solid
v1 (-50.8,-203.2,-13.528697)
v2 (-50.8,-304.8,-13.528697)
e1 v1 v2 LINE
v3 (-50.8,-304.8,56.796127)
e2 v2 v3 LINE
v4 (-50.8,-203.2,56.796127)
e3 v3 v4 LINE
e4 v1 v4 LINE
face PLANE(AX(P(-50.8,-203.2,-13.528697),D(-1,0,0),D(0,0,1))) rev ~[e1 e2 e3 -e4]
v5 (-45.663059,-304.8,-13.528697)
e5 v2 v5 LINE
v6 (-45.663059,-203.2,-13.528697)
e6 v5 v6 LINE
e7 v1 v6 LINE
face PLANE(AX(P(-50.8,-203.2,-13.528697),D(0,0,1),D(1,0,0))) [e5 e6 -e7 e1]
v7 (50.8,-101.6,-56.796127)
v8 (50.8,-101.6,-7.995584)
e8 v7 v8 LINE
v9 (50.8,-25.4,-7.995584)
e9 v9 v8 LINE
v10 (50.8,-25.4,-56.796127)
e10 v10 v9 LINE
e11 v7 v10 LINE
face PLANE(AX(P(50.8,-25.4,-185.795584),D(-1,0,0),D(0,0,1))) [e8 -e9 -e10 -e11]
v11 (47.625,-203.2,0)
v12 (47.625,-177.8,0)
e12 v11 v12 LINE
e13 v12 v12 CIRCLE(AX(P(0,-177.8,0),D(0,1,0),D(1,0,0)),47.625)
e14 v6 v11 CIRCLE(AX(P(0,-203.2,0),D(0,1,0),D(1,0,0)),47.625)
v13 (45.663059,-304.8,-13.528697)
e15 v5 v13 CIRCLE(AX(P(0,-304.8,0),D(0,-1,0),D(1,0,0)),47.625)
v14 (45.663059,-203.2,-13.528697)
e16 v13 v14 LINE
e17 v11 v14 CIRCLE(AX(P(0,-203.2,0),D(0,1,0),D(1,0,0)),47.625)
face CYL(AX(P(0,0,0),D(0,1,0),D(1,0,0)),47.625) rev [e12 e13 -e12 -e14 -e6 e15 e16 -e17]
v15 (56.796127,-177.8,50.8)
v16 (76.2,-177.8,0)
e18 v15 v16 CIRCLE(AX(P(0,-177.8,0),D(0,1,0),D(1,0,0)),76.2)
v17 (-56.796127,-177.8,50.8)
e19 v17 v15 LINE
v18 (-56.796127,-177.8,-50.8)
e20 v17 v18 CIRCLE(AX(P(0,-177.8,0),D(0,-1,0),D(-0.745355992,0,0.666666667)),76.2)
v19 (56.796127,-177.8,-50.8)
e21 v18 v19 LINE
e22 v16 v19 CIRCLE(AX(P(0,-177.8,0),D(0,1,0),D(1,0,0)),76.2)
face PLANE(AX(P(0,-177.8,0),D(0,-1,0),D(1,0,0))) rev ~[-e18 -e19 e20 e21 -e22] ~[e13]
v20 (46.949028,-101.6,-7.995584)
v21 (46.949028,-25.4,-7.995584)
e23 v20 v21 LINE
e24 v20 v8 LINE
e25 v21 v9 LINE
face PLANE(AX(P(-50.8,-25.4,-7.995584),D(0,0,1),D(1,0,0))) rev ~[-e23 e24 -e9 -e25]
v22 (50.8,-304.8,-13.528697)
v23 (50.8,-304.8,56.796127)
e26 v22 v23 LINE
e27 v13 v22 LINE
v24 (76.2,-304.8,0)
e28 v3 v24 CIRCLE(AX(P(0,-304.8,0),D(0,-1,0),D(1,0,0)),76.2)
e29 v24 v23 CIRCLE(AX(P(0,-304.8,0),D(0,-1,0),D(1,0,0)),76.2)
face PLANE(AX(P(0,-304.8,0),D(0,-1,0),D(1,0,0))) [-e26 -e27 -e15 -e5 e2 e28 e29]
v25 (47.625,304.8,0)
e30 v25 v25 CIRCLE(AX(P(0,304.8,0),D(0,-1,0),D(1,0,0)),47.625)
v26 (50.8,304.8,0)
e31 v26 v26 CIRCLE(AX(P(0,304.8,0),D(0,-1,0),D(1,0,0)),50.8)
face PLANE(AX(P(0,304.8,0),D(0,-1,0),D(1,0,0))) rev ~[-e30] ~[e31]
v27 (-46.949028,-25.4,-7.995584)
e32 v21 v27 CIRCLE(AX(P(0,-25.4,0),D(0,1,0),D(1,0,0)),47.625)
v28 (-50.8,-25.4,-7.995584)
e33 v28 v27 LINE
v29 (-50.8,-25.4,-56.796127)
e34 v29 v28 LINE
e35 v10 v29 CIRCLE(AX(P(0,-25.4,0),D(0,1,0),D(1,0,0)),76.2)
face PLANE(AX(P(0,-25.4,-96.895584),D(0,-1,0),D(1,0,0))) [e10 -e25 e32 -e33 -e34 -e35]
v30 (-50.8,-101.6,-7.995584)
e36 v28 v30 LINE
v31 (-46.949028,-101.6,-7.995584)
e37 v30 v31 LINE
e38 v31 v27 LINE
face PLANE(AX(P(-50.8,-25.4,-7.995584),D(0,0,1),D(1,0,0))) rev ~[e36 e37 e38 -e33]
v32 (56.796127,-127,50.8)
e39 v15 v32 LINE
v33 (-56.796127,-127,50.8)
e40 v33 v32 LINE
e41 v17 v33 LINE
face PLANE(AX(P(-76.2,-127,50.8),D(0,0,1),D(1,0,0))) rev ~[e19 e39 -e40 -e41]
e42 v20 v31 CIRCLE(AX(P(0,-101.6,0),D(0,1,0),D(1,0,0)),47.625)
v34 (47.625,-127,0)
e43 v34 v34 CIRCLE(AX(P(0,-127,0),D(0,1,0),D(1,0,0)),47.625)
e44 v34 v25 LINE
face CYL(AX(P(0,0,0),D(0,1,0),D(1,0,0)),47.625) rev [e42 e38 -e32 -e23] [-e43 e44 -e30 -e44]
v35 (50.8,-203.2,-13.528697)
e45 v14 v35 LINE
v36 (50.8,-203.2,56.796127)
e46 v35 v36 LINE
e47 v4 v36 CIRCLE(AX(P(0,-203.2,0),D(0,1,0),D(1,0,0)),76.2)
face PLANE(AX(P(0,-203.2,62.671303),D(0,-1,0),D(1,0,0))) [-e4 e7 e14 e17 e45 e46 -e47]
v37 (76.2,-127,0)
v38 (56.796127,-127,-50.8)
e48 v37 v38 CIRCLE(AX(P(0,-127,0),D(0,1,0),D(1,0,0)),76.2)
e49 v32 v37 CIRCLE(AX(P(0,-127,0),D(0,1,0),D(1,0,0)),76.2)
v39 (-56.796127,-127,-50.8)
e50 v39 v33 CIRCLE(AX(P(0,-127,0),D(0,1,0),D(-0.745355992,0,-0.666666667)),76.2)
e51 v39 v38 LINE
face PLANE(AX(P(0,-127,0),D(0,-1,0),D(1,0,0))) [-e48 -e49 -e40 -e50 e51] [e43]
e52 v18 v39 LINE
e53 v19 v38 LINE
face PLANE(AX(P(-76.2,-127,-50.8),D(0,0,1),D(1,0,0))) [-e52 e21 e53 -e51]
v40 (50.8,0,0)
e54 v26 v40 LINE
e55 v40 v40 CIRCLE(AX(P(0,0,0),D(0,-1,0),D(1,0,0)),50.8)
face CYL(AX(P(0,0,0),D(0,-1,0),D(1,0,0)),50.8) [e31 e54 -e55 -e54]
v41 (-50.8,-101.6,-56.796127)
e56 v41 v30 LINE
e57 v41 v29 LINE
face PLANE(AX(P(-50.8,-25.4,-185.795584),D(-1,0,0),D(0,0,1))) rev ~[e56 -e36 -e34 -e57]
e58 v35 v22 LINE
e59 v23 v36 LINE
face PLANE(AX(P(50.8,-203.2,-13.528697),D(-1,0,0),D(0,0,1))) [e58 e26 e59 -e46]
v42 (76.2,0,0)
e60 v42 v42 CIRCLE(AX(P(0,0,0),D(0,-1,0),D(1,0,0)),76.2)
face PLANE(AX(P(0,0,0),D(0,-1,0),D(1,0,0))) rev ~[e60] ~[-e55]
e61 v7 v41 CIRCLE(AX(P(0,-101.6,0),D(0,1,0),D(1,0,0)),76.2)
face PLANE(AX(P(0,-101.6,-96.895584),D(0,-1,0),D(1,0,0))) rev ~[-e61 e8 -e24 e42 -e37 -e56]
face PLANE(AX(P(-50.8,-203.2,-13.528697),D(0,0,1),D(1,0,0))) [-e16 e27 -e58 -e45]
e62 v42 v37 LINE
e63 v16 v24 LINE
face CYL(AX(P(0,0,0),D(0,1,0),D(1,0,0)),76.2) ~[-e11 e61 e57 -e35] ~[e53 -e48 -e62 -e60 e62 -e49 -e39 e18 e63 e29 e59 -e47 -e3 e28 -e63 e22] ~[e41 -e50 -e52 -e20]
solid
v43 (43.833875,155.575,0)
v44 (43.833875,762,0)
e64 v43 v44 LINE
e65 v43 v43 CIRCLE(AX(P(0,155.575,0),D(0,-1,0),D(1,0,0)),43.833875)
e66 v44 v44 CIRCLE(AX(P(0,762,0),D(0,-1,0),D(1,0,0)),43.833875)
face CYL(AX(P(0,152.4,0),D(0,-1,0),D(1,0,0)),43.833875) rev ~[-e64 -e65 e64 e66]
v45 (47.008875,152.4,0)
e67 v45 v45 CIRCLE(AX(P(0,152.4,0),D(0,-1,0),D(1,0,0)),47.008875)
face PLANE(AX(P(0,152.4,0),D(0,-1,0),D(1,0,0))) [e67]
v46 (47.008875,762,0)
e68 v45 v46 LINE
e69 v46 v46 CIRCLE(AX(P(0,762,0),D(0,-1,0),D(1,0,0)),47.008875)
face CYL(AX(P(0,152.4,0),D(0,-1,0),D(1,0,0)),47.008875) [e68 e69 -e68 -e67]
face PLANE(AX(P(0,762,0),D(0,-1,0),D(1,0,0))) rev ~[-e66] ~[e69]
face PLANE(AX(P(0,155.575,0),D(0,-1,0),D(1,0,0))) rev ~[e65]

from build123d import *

# Parameters (mm, degrees)
F0_R      = 50.8
F0_R_2    = 47.625
F1_DEPTH  = 304.8
F3_START  = -152.4
F2_R      = 47.0088750141
F2_R_2    = 43.8338750141
F3_DEPTH  = 609.6
F4_START  = -152.4
F4_DEPTH  = 3.175
F5_R      = 76.2
F5_R_2    = 50.8
F6_DEPTH  = 304.8
F8_START  = 127
F7_W      = 152.4
F7_H      = 101.6
F8_DEPTH  = 50.8
F10_START = 203.2
F9_W      = 101.6
F9_H      = 152.4
F10_DEPTH = 101.6
F12_START = 25.4
F11_W     = 101.6
F11_H     = 177.8
F12_DEPTH = 76.2


with BuildPart() as f1:
    # F0 (on Front) → F1 (new body, symmetric)
    with BuildSketch(Plane.XZ):
        Circle(F0_R)
        Circle(F0_R_2, mode=Mode.SUBTRACT)
    extrude(amount=F1_DEPTH, both=True)

    # F5 (on Front) → F6 (join)
    with BuildSketch(Plane.XZ):
        Circle(F5_R)
        Circle(F5_R_2, mode=Mode.SUBTRACT)
    extrude(amount=F6_DEPTH)

    # F7 (on Front) → F8 (cut)
    with BuildSketch(Plane.XZ.offset(F8_START)):
        Rectangle(F7_W, F7_H)
    extrude(amount=F8_DEPTH, mode=Mode.SUBTRACT)

    # F9 (on Front) → F10 (cut)
    with BuildSketch(Plane.XZ.offset(F10_START)):
        with Locations((0, 62.6713027543)):
            Rectangle(F9_W, F9_H)
    extrude(amount=F10_DEPTH, mode=Mode.SUBTRACT)

    # F11 (on Front) → F12 (cut)
    with BuildSketch(Plane.XZ.offset(F12_START)):
        with Locations((0, -96.8955837568)):
            Rectangle(F11_W, F11_H)
    extrude(amount=F12_DEPTH, mode=Mode.SUBTRACT)


with BuildPart() as f3:
    # F2 (on Front) → F3 (new body)
    with BuildSketch(Plane.XZ.offset(F3_START)):
        Circle(F2_R)
        Circle(F2_R_2, mode=Mode.SUBTRACT)
    extrude(amount=-F3_DEPTH)

    # F2 (on Front) → F4 (join)
    with BuildSketch(Plane.XZ.offset(F4_START)):
        Circle(F2_R_2)
    extrude(amount=-F4_DEPTH)


solid = Compound([f1.part, f3.part])
